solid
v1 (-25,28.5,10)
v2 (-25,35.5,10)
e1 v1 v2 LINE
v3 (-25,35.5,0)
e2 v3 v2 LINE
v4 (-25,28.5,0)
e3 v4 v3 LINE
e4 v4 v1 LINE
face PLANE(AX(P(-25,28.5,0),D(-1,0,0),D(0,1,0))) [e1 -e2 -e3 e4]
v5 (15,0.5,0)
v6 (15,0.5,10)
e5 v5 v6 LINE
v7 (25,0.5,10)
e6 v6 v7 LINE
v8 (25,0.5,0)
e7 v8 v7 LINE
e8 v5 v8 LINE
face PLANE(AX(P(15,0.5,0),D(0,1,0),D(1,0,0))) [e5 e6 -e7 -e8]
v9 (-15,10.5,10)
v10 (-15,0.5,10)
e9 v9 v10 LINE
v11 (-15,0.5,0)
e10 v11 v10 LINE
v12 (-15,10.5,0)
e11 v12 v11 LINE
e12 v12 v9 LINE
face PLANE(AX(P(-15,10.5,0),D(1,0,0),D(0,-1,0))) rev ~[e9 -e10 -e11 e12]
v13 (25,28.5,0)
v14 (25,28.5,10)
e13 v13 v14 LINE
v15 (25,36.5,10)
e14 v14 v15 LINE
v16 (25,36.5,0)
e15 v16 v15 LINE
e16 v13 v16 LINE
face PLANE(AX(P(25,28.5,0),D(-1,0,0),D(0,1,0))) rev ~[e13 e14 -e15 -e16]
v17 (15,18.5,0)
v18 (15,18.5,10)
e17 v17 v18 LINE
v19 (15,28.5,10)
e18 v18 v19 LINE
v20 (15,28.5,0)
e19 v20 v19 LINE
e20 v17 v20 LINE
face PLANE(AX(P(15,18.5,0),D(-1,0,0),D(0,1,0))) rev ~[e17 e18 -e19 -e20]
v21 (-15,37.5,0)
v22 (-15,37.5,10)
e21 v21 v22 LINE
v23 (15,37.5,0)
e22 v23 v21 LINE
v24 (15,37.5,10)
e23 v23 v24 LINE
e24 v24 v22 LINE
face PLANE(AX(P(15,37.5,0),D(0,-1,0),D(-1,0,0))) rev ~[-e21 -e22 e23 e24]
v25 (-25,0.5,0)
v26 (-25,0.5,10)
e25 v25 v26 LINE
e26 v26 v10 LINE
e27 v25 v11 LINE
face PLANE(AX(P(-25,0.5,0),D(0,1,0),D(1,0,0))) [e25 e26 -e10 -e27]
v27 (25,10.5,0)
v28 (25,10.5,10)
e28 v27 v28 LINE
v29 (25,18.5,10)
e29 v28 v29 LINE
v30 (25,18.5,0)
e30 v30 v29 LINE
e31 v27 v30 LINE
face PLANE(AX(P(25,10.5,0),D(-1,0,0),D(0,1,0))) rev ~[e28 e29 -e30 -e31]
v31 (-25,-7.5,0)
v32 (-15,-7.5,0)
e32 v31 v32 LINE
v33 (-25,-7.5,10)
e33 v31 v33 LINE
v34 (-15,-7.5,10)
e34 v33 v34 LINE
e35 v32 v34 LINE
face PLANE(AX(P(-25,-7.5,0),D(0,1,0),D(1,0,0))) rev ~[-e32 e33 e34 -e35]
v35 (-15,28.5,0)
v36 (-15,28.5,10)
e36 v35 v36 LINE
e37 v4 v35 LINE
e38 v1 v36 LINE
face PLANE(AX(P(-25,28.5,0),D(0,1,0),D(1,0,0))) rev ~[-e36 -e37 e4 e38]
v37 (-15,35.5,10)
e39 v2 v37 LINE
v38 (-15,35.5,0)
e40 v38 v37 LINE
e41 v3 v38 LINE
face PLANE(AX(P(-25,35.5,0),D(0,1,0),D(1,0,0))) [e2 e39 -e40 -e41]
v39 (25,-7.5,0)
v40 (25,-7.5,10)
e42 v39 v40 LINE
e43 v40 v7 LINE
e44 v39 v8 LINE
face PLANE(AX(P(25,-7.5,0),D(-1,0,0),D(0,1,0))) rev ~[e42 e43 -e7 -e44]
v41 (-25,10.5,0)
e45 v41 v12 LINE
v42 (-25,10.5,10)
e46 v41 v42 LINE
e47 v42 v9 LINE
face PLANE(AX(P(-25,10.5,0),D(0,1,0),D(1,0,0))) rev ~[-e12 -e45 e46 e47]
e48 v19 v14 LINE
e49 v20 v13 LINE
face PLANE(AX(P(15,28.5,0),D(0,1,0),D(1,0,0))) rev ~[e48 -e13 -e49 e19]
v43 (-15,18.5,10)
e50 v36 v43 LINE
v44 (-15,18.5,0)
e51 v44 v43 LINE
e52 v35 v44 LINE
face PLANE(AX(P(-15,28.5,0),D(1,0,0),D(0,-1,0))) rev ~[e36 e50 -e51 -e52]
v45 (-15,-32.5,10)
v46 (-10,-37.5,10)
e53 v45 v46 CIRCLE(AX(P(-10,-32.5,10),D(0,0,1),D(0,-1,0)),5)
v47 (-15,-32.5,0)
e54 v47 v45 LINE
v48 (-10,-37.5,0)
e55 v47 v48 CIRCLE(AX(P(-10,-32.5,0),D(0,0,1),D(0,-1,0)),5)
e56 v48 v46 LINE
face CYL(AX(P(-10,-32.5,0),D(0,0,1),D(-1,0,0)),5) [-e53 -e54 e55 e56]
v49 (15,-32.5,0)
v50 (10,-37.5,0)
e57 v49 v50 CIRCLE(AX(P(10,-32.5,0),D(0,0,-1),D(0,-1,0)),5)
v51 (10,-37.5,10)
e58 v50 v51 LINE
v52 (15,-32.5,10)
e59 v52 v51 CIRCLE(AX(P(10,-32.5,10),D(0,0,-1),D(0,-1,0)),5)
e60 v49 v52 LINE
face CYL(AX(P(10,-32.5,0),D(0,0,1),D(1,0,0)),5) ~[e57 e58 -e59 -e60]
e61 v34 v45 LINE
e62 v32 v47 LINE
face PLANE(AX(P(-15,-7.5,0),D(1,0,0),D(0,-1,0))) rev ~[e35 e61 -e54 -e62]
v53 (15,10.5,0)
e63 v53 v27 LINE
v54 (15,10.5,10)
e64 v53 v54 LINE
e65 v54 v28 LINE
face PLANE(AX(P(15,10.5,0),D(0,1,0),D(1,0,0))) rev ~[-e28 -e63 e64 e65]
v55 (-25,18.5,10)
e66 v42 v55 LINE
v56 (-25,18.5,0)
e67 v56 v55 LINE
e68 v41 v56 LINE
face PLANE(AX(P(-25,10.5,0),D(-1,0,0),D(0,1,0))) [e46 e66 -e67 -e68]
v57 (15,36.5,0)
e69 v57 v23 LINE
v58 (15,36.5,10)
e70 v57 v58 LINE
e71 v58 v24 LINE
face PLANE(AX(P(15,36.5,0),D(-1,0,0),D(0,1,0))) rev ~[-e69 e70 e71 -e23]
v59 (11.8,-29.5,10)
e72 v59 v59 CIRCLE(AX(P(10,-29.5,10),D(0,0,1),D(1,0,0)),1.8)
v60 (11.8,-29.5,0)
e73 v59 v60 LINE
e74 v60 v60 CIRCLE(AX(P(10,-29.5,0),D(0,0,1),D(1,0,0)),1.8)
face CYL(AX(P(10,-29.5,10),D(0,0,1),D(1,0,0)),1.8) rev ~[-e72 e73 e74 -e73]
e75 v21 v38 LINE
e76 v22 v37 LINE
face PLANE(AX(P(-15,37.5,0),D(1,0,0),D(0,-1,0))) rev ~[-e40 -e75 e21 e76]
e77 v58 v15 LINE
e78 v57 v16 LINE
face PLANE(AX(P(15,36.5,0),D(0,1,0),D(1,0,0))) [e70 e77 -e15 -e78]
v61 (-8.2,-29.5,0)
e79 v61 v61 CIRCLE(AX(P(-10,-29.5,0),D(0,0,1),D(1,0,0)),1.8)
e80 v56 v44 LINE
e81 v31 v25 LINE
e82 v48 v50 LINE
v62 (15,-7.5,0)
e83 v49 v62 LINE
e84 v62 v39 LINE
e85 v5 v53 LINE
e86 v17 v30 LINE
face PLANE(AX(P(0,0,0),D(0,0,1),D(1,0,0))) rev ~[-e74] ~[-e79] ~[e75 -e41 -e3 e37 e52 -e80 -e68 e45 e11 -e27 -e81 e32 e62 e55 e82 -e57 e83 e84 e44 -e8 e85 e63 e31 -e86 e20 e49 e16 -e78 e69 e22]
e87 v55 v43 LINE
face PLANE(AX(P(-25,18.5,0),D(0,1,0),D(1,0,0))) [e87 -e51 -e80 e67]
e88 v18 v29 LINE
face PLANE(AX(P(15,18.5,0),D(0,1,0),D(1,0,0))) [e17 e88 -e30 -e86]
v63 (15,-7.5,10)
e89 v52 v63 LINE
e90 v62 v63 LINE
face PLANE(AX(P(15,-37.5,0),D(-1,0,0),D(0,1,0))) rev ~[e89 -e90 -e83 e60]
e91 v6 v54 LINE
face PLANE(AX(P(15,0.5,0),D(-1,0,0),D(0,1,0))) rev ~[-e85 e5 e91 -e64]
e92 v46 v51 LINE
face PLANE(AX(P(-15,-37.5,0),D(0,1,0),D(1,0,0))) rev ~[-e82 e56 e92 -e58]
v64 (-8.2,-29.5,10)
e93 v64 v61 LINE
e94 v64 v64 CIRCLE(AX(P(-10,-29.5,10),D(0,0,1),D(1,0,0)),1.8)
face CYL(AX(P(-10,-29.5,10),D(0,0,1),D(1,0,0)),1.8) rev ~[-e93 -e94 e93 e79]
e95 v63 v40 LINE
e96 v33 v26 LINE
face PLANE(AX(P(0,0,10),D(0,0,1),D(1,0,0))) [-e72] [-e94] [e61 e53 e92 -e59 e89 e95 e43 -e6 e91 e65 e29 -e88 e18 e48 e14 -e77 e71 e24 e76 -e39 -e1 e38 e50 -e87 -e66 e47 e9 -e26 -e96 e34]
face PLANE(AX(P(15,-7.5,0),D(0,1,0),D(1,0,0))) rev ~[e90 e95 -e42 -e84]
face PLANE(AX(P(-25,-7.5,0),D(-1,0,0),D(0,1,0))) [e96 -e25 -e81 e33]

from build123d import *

# Parameters (mm, degrees)
F0_W     = 10
F0_H     = 8
F0_H_2   = 7
F1_DEPTH = 10
F2_R     = 1.8
F3_DEPTH = 10
F4_R     = 5


with BuildPart() as f1:
    # F0 (on Top) → F1 (new body)
    with BuildSketch(Plane.XY):
        Polygon((15, 36.5), (15, 37.5), (-15, 37.5), (-15, 35.5), (-15, 28.5), (-15, 18.5), (-15, 10.5), (-15, 0.5), (-15, -7.5), (-15, -37.5), (15, -37.5), (15, -7.5), (15, 0.5), (15, 10.5), (15, 18.5), (15, 28.5), align=None)
        with Locations((20, 32.5)):
            Rectangle(F0_W, F0_H)
        with Locations((-20, 32)):
            Rectangle(F0_W, F0_H_2)
        with Locations((20, 14.5)):
            Rectangle(F0_W, F0_H)
        with Locations((-20, 14.5)):
            Rectangle(F0_W, F0_H)
        with Locations((20, -3.5)):
            Rectangle(F0_W, F0_H)
        with Locations((-20, -3.5)):
            Rectangle(F0_W, F0_H)
    extrude(amount=F1_DEPTH)

    # F2 (on face) → F3 (cut)
    with BuildSketch(Plane.XY.offset(10)):
        with Locations((-10, -29.5)):
            Circle(F2_R)
        with Locations((10, -29.5)):
            Circle(F2_R)
    extrude(amount=-F3_DEPTH, mode=Mode.SUBTRACT)

    # F4
    f4_edges = [f1.edges().sort_by_distance(p)[0] for p in [
        (15, -37.5, 5),
        (-15, -37.5, 5),
    ]]
    fillet(f4_edges, radius=F4_R)


solid = f1.part
